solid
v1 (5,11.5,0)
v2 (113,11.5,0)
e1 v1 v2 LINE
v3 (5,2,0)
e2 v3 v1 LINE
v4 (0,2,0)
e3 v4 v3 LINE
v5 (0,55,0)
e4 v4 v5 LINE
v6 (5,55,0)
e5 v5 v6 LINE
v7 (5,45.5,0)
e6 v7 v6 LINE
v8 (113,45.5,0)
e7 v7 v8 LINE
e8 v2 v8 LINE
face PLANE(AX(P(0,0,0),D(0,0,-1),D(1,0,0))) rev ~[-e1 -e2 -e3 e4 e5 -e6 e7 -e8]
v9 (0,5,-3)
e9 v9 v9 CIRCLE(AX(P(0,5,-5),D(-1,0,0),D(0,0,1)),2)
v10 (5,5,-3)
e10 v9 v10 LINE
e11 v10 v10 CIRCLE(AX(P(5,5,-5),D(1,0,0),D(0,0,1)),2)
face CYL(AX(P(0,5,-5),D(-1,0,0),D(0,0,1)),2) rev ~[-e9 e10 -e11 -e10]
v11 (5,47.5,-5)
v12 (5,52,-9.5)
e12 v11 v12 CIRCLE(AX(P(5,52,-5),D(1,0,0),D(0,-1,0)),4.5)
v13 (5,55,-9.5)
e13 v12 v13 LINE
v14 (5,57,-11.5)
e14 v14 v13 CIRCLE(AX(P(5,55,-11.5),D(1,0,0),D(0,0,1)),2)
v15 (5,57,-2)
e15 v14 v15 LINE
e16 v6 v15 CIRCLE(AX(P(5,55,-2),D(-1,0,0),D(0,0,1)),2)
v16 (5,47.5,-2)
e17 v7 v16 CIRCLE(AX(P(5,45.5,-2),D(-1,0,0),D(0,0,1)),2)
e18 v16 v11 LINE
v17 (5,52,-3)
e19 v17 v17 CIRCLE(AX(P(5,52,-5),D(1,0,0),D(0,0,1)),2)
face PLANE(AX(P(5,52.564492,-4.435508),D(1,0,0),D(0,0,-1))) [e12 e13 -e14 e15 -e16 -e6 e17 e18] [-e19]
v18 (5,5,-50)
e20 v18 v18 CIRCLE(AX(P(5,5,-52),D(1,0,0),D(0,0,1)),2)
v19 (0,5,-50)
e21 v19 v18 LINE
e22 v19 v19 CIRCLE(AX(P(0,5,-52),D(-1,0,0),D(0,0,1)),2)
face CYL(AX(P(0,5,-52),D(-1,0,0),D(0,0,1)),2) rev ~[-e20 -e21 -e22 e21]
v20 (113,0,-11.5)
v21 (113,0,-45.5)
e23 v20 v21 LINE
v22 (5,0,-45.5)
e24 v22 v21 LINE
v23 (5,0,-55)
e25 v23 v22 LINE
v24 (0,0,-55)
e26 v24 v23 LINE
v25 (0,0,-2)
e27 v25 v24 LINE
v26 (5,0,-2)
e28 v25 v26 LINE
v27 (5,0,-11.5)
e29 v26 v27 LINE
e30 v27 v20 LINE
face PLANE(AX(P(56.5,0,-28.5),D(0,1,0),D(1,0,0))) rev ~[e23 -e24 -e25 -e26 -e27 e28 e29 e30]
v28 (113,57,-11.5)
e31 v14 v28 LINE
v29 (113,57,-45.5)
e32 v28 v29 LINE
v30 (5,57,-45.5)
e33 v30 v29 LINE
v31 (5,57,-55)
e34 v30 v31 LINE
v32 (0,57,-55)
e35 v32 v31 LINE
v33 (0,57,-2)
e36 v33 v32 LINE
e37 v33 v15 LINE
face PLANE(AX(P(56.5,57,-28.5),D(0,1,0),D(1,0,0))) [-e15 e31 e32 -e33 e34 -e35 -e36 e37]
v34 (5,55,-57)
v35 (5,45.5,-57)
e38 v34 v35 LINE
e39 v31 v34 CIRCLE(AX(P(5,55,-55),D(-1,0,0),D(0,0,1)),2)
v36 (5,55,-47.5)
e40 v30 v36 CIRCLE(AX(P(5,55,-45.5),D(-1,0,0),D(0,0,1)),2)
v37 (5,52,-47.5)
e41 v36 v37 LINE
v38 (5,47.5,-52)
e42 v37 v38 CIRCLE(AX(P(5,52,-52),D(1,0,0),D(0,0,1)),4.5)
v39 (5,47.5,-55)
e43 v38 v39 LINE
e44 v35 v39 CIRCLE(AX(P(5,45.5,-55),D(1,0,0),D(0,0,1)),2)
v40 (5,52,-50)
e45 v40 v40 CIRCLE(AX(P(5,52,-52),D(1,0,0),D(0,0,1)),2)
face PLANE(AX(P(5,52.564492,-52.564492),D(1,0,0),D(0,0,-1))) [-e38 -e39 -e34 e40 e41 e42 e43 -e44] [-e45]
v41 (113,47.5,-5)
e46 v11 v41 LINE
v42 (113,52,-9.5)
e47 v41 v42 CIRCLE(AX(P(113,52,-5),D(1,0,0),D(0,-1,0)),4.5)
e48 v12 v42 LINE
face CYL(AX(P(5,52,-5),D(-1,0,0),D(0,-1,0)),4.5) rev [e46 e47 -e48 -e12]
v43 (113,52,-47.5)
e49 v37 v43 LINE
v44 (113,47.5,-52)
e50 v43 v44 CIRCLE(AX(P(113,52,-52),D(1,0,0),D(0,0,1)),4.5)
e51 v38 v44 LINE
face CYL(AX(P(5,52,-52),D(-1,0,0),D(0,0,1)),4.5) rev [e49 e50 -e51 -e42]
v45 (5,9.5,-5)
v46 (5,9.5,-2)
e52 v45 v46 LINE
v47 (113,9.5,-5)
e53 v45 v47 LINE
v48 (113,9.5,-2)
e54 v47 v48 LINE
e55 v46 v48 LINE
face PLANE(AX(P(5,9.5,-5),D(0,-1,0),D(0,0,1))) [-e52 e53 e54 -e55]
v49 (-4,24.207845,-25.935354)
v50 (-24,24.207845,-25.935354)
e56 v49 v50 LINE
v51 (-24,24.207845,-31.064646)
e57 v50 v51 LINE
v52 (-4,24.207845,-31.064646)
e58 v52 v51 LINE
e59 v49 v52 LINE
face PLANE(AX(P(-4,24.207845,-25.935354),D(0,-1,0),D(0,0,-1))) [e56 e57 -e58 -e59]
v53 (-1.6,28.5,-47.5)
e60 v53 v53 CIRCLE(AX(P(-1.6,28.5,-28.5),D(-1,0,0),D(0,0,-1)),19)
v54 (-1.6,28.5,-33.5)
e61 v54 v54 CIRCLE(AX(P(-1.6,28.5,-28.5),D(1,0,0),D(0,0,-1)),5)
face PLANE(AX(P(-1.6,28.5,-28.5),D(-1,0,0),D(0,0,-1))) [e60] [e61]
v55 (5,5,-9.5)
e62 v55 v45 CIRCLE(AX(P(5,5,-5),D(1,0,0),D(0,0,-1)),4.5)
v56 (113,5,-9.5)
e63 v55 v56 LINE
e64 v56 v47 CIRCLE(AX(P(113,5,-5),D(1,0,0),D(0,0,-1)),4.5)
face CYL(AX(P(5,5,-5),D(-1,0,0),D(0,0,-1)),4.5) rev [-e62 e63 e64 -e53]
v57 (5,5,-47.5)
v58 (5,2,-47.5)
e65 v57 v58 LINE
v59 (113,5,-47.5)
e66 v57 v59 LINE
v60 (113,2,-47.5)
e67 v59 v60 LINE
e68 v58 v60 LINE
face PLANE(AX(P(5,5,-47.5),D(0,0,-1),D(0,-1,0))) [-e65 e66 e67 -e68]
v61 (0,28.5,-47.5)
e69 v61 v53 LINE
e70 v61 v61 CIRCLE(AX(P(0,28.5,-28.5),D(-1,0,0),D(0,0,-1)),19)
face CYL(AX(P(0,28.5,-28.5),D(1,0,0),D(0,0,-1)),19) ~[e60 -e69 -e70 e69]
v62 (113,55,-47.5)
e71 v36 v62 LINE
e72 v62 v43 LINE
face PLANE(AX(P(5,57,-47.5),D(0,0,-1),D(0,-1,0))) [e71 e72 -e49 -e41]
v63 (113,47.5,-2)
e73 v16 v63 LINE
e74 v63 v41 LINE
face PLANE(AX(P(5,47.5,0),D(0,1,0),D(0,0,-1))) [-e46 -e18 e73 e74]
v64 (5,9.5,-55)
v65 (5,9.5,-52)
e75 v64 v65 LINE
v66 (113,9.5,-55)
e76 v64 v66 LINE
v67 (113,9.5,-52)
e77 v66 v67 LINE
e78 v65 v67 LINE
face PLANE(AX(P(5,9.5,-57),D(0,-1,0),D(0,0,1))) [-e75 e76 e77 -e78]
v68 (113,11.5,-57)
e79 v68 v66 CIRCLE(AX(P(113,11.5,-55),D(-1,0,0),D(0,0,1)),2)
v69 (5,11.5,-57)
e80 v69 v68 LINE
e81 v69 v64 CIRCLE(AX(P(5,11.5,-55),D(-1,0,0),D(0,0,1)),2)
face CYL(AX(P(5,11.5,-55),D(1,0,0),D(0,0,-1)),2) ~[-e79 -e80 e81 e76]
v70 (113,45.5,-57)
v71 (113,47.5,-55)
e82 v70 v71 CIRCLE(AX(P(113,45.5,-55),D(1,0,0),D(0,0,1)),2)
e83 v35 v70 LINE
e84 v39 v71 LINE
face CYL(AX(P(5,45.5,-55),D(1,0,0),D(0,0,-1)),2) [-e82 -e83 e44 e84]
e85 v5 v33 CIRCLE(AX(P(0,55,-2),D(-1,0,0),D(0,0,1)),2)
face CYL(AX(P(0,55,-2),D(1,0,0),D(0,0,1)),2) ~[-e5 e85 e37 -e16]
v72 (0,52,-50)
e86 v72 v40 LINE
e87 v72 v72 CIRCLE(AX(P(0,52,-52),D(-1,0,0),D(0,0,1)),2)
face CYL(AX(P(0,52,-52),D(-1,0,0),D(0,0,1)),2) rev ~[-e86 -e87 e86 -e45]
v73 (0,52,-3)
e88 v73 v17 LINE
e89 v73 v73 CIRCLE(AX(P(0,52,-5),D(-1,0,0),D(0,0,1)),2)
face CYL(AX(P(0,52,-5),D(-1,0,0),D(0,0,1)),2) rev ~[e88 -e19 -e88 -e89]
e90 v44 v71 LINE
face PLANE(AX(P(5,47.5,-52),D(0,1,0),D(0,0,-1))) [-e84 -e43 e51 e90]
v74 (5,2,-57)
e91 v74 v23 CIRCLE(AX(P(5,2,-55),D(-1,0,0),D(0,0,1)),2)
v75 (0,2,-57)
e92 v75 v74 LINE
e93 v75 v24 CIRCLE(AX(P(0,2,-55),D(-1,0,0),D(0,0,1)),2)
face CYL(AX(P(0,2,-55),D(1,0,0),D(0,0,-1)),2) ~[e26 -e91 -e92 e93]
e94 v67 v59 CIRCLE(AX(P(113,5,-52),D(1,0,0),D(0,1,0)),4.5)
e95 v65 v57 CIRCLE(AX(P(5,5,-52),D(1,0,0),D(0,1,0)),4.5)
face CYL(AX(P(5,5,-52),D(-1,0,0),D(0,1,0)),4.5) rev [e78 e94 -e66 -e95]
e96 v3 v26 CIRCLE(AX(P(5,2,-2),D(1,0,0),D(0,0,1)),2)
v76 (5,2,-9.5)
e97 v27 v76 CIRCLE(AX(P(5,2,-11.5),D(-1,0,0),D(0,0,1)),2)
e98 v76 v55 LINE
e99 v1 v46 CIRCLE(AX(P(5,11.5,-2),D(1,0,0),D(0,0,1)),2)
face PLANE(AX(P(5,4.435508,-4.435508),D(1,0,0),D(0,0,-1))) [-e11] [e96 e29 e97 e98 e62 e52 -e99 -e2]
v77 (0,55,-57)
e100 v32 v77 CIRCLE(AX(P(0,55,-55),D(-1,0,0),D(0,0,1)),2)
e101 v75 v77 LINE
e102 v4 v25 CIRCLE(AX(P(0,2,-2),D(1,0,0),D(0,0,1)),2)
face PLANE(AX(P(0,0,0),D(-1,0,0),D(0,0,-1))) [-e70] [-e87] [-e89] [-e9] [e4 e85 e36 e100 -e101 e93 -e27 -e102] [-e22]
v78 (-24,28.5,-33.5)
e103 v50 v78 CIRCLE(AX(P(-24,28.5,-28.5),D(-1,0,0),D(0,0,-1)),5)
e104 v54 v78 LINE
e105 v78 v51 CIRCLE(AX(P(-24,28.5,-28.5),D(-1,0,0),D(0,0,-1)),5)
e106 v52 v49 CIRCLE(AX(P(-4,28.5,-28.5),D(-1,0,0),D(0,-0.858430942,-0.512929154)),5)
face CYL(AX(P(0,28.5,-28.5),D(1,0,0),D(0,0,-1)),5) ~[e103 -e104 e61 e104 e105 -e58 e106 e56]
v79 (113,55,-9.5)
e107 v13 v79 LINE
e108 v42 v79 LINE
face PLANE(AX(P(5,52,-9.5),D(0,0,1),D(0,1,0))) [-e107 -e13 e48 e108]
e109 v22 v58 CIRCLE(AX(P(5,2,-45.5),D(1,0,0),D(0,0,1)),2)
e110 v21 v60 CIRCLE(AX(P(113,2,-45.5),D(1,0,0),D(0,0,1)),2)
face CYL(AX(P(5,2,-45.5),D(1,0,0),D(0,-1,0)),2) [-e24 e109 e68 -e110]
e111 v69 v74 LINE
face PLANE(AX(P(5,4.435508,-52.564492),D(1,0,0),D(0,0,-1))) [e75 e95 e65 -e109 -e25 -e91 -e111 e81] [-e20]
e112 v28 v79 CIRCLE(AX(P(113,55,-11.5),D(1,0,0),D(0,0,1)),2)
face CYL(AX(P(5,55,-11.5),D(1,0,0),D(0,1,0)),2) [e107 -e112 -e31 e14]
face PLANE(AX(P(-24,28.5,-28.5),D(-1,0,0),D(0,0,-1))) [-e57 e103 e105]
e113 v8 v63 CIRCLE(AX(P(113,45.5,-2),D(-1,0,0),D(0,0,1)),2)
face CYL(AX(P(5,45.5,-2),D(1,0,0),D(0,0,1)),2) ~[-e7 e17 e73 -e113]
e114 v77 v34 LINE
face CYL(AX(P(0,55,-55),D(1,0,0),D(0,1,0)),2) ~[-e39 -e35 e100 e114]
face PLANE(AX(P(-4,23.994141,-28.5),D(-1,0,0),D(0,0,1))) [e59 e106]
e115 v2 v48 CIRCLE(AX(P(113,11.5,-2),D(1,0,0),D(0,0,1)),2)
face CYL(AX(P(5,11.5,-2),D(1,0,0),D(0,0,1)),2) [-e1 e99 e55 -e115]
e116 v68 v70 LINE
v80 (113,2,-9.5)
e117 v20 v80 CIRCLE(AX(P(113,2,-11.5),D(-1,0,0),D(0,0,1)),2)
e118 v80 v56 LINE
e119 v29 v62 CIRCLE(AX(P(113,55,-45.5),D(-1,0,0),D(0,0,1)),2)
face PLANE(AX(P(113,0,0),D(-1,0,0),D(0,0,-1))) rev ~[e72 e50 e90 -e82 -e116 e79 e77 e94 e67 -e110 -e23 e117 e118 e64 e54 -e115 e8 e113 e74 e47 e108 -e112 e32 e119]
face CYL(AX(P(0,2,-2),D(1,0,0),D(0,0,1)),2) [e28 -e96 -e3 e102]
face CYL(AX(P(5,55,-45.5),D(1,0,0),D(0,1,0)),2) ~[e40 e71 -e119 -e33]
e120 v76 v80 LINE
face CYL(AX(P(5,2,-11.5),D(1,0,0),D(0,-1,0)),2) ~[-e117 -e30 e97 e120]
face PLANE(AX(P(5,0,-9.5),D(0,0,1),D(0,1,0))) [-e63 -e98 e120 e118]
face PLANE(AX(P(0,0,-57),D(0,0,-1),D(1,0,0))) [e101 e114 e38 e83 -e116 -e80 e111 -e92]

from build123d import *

# Parameters (mm, degrees)
SKETCH2_W            = 113
SKETCH2_H            = 57
BOSS_EXTRUDE1_DEPTH  = 57
SKETCH11_R           = 5
BOSS_EXTRUDE12_DEPTH = 24
SKETCH11_6_R         = 19
SKETCH11_6_R_2       = 5
BOSS_EXTRUDE13_DEPTH = 1.6
SKETCH13_R           = 2
CUT_EXTRUDE1_DEPTH   = 113
CUT_EXTRUDE4_START   = -20
CUT_EXTRUDE4_DEPTH   = 20
CUT_EXTRUDE5_START   = -108
SKETCH22_R           = 2
CUT_EXTRUDE5_DEPTH   = 108
FILLET1_R            = 2
FILLET2_R            = 2


with BuildPart() as part:
    # Sketch2 → Boss-Extrude1 (new body)
    with BuildSketch(Plane(origin=(0, 0, 0), x_dir=(1, 0, 0), z_dir=(0, 1, 0))):
        with Locations((56.5, 28.5)):
            Rectangle(SKETCH2_W, SKETCH2_H)
    extrude(amount=BOSS_EXTRUDE1_DEPTH)

    # Sketch11 → Boss-Extrude12 (add)
    with BuildSketch(Plane.ZY):
        with Locations((-28.5, 28.5)):
            Circle(SKETCH11_R)
    extrude(amount=BOSS_EXTRUDE12_DEPTH)

    # Sketch11<6> → Boss-Extrude13 (add)
    with BuildSketch(Plane.ZY):
        with Locations((-28.5, 28.5)):
            Circle(SKETCH11_6_R)
        with Locations((-28.5, 28.5)):
            Circle(SKETCH11_6_R_2, mode=Mode.SUBTRACT)
    extrude(amount=BOSS_EXTRUDE13_DEPTH)

    # Sketch13 → Cut-Extrude1 (cut)
    with BuildSketch(Plane.ZY):
        with Locations((-5, 5)):
            Circle(SKETCH13_R)
        with Locations((-52, 5)):
            Circle(SKETCH13_R)
        with Locations((-52, 52)):
            Circle(SKETCH13_R)
        with Locations((-5, 52)):
            Circle(SKETCH13_R)
    extrude(amount=-CUT_EXTRUDE1_DEPTH, mode=Mode.SUBTRACT)

    # Sketch14 → Cut-Extrude4 (cut)
    with BuildSketch(Plane.ZY.offset(24).offset(CUT_EXTRUDE4_START)):
        with BuildLine():
            Line((-28.5, 24.207845288), (-31.06464577, 24.207845288))
            ThreePointArc((-31.06464577, 24.207845288), (-28.5, 23.5), (-25.93535423, 24.207845288))
            Line((-25.93535423, 24.207845288), (-28.5, 24.207845288))
        make_face()
    extrude(amount=CUT_EXTRUDE4_DEPTH, mode=Mode.SUBTRACT)

    # Sketch22 → Cut-Extrude5 (cut)
    # profile 1 of 4: a face of its own
    with BuildSketch(Plane(origin=(113, 0, 0), x_dir=(0, 0, -1), z_dir=(1, 0, 0)).offset(CUT_EXTRUDE5_START)):
        with BuildLine():
            ThreePointArc((47.5, 52), (48.818019485, 48.818019485), (52, 47.5))
            Line((52, 47.5), (57, 47.5))
            Line((57, 47.5), (57, 57))
            Line((57, 57), (47.5, 57))
            Line((47.5, 57), (47.5, 52))
        make_face()
        with Locations((52, 52)):
            Circle(SKETCH22_R, mode=Mode.SUBTRACT)
    # profile 2 of 4: a face of its own
    with BuildSketch(Plane(origin=(113, 0, 0), x_dir=(0, 0, -1), z_dir=(1, 0, 0)).offset(CUT_EXTRUDE5_START)):
        with BuildLine():
            Line((57, 0), (57, 9.5))
            Line((57, 9.5), (52, 9.5))
            ThreePointArc((52, 9.5), (48.818019485, 8.181980515), (47.5, 5))
            Line((47.5, 5), (47.5, 0))
            Line((47.5, 0), (57, 0))
        make_face()
        with Locations((52, 5)):
            Circle(SKETCH22_R, mode=Mode.SUBTRACT)
    # profile 3 of 4: a face of its own
    with BuildSketch(Plane(origin=(113, 0, 0), x_dir=(0, 0, -1), z_dir=(1, 0, 0)).offset(CUT_EXTRUDE5_START)):
        with BuildLine():
            Line((9.5, 52), (9.5, 57))
            Line((9.5, 57), (0, 57))
            Line((0, 57), (0, 47.5))
            Line((0, 47.5), (5, 47.5))
            ThreePointArc((5, 47.5), (8.181980515, 48.818019485), (9.5, 52))
        make_face()
        with Locations((5, 52)):
            Circle(SKETCH22_R, mode=Mode.SUBTRACT)
    # profile 4 of 4: a face of its own
    with BuildSketch(Plane(origin=(113, 0, 0), x_dir=(0, 0, -1), z_dir=(1, 0, 0)).offset(CUT_EXTRUDE5_START)):
        with BuildLine():
            Line((0, 0), (9.5, 0))
            Line((9.5, 0), (9.5, 5))
            ThreePointArc((9.5, 5), (8.181980515, 8.181980515), (5, 9.5))
            Line((5, 9.5), (0, 9.5))
            Line((0, 9.5), (0, 0))
        make_face()
        with Locations((5, 5)):
            Circle(SKETCH22_R, mode=Mode.SUBTRACT)
    extrude(amount=CUT_EXTRUDE5_DEPTH, mode=Mode.SUBTRACT)

    # Fillet1
    fillet1_edges = [part.edges().sort_by_distance(p)[0] for p in [
        (59, 57, -9.5),
        (59, 57, -47.5),
        (59, 47.5, -57),
        (59, 9.5, -57),
        (59, 0, -47.5),
        (59, 0, -9.5),
        (59, 9.5, 0),
        (59, 47.5, 0),
    ]]
    fillet(fillet1_edges, radius=FILLET1_R)

    # Fillet2
    fillet2_edges = [part.edges().sort_by_distance(p)[0] for p in [
        (2.5, 0, 0),
        (2.5, 0, -57),
        (2.5, 57, -57),
        (2.5, 57, 0),
    ]]
    fillet(fillet2_edges, radius=FILLET2_R)


solid = part.part
